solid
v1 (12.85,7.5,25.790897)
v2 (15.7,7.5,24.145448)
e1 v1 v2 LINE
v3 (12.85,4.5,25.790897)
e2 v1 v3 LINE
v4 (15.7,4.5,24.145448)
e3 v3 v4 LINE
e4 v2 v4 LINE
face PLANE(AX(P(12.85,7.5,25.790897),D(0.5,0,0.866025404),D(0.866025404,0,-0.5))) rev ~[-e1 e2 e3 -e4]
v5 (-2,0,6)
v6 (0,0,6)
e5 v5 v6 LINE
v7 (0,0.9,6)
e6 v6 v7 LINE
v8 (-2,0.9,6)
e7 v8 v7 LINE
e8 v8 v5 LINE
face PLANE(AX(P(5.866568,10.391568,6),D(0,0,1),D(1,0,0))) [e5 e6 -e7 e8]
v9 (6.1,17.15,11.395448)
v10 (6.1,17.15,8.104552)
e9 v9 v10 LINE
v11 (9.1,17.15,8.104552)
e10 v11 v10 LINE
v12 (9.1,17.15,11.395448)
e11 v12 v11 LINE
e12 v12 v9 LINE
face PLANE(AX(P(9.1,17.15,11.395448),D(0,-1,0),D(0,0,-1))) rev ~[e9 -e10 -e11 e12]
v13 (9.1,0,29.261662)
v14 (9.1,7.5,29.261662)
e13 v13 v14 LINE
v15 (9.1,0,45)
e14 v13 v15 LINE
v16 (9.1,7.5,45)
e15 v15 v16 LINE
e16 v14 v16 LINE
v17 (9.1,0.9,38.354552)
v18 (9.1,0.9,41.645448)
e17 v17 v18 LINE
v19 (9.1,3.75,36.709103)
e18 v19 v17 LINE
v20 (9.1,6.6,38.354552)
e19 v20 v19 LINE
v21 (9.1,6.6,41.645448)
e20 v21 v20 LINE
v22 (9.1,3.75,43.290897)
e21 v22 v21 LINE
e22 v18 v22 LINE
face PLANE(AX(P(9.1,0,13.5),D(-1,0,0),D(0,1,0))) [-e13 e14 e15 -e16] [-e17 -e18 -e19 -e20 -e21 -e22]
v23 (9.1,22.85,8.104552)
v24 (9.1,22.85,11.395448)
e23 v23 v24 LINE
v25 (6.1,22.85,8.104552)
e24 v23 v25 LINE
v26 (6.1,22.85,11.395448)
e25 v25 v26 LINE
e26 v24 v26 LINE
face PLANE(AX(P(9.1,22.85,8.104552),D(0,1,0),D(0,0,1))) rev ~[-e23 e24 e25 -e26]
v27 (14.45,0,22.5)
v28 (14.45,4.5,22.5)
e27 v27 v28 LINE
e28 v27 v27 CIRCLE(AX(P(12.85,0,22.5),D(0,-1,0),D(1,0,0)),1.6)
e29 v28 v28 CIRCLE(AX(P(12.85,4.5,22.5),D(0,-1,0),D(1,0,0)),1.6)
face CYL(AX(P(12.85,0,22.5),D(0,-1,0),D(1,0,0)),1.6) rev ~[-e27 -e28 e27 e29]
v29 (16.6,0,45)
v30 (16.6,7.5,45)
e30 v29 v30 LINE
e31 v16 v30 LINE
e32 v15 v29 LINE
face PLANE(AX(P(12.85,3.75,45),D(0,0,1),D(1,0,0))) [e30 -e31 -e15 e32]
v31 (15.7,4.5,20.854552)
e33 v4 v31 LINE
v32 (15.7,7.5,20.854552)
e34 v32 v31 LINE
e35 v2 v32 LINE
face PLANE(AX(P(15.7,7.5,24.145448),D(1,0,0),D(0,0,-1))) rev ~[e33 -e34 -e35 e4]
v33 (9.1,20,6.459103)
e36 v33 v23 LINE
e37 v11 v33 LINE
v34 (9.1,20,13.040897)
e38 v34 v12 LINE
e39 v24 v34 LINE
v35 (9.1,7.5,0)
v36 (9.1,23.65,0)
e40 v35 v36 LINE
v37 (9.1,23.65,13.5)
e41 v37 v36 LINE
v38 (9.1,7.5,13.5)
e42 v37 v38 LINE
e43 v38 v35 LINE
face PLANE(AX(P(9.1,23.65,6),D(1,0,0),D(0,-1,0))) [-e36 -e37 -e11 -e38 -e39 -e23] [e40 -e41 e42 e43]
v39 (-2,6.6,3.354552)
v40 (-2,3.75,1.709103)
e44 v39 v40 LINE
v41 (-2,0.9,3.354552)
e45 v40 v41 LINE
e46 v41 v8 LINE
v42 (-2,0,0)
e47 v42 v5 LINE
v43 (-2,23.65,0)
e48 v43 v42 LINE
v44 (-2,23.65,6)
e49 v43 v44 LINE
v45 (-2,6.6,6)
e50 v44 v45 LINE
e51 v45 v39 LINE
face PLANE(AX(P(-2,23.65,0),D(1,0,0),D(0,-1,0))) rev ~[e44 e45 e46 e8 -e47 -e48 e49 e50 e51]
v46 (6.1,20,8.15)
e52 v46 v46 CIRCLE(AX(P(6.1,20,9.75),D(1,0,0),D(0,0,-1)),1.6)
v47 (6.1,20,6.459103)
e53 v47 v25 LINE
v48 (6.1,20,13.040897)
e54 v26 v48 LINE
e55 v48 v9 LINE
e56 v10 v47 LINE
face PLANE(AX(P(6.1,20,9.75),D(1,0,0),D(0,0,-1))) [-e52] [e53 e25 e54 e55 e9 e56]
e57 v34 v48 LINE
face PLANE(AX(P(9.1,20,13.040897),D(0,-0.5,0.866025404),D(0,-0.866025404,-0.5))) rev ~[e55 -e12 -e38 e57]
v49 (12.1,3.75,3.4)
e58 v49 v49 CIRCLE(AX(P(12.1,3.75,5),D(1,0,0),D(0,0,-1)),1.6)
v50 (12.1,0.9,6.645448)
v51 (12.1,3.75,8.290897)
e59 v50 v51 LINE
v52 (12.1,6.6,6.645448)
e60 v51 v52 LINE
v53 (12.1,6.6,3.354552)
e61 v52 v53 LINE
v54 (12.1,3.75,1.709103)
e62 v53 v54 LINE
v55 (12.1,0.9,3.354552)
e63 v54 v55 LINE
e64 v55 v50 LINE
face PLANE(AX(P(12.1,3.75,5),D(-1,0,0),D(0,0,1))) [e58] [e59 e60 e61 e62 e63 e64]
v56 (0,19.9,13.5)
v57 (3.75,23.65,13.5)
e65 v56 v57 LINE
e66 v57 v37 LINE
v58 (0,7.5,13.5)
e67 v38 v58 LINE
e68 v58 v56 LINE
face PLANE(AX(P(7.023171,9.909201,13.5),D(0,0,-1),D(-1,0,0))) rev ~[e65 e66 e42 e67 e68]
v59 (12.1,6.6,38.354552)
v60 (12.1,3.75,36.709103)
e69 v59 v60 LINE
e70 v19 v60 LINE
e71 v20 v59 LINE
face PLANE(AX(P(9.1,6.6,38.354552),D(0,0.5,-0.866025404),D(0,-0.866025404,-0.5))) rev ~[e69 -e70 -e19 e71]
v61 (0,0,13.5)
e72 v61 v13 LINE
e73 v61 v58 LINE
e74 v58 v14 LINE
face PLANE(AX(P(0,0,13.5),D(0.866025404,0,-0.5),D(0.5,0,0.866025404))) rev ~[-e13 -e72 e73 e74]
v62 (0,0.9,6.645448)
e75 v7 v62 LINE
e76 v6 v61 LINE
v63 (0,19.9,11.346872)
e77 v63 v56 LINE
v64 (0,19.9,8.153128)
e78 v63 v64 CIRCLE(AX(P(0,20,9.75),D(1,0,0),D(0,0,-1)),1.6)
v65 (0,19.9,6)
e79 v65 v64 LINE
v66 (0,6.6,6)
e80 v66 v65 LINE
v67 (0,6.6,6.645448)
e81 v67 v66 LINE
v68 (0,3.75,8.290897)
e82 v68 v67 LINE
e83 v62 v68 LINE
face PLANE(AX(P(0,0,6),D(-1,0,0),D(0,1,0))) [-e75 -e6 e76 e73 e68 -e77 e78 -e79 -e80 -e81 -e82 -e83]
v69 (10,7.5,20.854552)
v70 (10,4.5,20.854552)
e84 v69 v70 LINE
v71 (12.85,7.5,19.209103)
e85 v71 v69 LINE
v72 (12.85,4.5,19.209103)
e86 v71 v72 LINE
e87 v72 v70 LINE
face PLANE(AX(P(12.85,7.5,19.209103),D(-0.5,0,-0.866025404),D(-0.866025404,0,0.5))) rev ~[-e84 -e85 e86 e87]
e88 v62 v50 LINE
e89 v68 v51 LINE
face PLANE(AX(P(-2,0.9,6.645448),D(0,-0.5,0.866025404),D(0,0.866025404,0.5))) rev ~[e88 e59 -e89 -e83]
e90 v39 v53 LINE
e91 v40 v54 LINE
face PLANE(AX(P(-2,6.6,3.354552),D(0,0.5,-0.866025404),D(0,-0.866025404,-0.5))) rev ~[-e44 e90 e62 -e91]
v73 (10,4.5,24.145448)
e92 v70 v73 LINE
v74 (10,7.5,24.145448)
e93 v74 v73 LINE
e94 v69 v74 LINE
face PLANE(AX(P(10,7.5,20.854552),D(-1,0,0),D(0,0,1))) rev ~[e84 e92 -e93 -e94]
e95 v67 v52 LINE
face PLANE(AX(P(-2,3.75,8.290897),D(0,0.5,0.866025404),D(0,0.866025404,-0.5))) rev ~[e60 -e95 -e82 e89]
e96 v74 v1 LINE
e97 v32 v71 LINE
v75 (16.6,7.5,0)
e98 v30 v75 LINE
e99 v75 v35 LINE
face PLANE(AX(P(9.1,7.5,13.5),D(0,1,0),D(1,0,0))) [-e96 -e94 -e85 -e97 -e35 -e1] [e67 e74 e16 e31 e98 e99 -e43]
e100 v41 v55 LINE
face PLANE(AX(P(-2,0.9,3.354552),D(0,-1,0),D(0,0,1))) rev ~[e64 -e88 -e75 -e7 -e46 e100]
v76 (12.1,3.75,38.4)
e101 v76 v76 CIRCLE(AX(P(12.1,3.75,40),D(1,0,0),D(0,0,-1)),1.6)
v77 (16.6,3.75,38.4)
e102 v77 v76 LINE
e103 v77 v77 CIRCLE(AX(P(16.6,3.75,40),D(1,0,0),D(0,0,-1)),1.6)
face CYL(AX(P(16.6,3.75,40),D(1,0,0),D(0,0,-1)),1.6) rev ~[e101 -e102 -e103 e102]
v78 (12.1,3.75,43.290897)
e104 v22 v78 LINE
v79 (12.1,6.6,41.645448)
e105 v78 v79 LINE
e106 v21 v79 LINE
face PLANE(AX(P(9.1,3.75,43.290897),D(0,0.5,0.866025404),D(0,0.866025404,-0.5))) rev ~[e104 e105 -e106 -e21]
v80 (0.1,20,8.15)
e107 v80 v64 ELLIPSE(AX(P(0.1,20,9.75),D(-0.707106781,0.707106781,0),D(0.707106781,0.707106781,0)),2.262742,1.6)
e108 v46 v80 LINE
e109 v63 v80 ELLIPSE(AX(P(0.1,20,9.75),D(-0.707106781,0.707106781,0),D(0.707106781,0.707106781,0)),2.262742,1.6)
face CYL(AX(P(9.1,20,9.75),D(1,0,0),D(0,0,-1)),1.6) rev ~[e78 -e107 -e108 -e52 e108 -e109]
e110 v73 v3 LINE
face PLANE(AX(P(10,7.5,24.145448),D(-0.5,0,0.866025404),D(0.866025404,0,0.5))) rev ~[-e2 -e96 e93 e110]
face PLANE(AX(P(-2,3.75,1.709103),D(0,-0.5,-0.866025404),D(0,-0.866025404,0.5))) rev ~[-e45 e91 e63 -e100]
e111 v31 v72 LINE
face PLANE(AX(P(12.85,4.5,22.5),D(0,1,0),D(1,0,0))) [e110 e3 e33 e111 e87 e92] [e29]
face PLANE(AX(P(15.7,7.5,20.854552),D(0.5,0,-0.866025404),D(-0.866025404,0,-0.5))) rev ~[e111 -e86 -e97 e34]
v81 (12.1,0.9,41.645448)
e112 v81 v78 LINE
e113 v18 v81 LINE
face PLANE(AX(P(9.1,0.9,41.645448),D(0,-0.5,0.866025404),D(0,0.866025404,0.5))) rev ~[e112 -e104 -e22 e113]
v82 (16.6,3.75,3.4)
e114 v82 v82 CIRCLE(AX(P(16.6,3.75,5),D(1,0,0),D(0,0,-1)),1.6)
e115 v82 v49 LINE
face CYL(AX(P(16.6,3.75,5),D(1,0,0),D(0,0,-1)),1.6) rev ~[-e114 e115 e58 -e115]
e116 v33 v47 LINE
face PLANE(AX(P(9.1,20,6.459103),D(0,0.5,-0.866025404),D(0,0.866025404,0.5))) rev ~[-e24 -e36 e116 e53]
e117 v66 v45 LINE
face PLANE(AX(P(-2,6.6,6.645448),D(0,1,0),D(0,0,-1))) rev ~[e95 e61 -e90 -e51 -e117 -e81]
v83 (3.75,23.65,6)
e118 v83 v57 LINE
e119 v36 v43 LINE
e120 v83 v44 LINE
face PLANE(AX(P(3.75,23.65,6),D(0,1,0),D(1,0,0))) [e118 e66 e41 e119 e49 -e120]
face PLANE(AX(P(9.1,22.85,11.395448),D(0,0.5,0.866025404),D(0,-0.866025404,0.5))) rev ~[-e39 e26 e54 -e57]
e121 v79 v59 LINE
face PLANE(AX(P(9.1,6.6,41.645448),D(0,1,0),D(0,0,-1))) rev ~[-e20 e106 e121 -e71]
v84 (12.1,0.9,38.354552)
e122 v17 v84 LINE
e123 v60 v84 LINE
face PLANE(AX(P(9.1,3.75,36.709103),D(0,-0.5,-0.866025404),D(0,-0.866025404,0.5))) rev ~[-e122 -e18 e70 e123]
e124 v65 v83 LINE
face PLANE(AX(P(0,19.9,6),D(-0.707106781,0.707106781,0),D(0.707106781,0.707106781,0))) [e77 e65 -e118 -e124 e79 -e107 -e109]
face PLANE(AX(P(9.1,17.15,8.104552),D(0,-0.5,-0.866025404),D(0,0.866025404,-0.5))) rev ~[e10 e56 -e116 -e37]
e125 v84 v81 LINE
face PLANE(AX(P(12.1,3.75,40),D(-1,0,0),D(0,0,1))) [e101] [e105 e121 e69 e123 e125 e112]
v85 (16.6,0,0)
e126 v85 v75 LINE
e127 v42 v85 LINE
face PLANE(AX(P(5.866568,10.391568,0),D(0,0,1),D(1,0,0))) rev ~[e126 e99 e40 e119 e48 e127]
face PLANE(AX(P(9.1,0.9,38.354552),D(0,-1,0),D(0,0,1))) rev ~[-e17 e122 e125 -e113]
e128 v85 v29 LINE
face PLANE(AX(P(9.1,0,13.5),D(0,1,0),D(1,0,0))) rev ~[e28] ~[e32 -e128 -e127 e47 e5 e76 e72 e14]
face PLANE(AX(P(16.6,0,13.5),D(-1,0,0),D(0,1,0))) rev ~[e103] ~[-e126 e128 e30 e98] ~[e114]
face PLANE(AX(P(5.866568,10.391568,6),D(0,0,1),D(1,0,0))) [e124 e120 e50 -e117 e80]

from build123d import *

# Parameters (mm, degrees)
SALIENTE_EXTRUIR1_DEPTH = 6
SALIENTE_EXTRUIR2_DEPTH = 7.5
SALIENTE_EXTRUIR3_DEPTH = 7.5
CROQUIS4_W              = 7.5
CROQUIS4_H              = 7.5
SALIENTE_EXTRUIR4_DEPTH = 31.5
CORTAR_EXTRUIR1_REACH   = 20.6
CROQUIS5_R              = 1.6
CORTAR_EXTRUIR2_DEPTH   = 14.1
CORTAR_EXTRUIR3_DEPTH   = 3
CORTAR_EXTRUIR4_REACH   = 25.65
CROQUIS8_R              = 1.6
CORTAR_EXTRUIR5_DEPTH   = 3
CORTAR_EXTRUIR6_REACH   = 13.1
CROQUIS10_R             = 1.6
CORTAR_EXTRUIR7_DEPTH   = 3


with BuildPart() as part:
    # Croquis1 → Saliente-Extruir1 (new body)
    with BuildSketch(Plane.XY):
        Polygon((0, 0), (16.6, 0), (16.6, 7.5), (9.1, 7.5), (9.1, 23.65), (3.75, 23.65), (-2, 23.65), (-2, 0), align=None)
    extrude(amount=SALIENTE_EXTRUIR1_DEPTH)

    # Croquis2 → Saliente-Extruir2 (add)
    with BuildSketch(Plane.XY.offset(6)):
        Polygon((0, 0), (0, 19.9), (3.75, 23.65), (9.1, 23.65), (9.1, 7.5), (16.6, 7.5), (16.6, 0), align=None)
    extrude(amount=SALIENTE_EXTRUIR2_DEPTH)

    # Croquis3 → Saliente-Extruir3 (add)
    with BuildSketch(Plane.XZ):
        Polygon((0, 13.5), (9.1, 29.261662349), (9.1, 13.5), align=None)
    extrude(amount=-SALIENTE_EXTRUIR3_DEPTH)

    # Croquis4 → Saliente-Extruir4 (add)
    with BuildSketch(Plane.XY.offset(13.5)):
        with Locations((12.85, 3.75)):
            Rectangle(CROQUIS4_W, CROQUIS4_H)
    extrude(amount=SALIENTE_EXTRUIR4_DEPTH)

    # Croquis5 → Cortar-Extruir1 (cut, up to next)
    with BuildSketch(Plane(origin=(16.6, 0, 0), x_dir=(0, 0, -1), z_dir=(1, 0, 0)), mode=Mode.PRIVATE) as cortar_extruir1_sk1:
        with Locations((-5, 3.75)):
            Circle(CROQUIS5_R)
    cortar_extruir1_tool1 = extrude(cortar_extruir1_sk1.sketch, amount=-CORTAR_EXTRUIR1_REACH, mode=Mode.PRIVATE) & part.part
    add(cortar_extruir1_tool1.solids().sort_by_distance((16.6, 3.75, 5))[0], mode=Mode.SUBTRACT)
    # Croquis5 → Cortar-Extruir1 (cut, up to next)
    with BuildSketch(Plane(origin=(16.6, 0, 0), x_dir=(0, 0, -1), z_dir=(1, 0, 0)), mode=Mode.PRIVATE) as cortar_extruir1_sk2:
        with Locations((-40, 3.75)):
            Circle(CROQUIS5_R)
    cortar_extruir1_tool2 = extrude(cortar_extruir1_sk2.sketch, amount=-CORTAR_EXTRUIR1_REACH, mode=Mode.PRIVATE) & part.part
    add(cortar_extruir1_tool2.solids().sort_by_distance((16.6, 3.75, 40))[0], mode=Mode.SUBTRACT)

    # Croquis6 → Cortar-Extruir2 (cut)
    with BuildSketch(Plane.ZY.offset(2)):
        Polygon((3.354551733, 0.9), (6.645448267, 0.9), (8.290896534, 3.75), (6.645448267, 6.6), (3.354551733, 6.6), (1.709103466, 3.75), align=None)
    extrude(amount=-CORTAR_EXTRUIR2_DEPTH, mode=Mode.SUBTRACT)

    # Croquis7 → Cortar-Extruir3 (cut)
    with BuildSketch(Plane.ZY.offset(-9.1)):
        Polygon((38.354551733, 0.9), (41.645448267, 0.9), (43.290896534, 3.75), (41.645448267, 6.6), (38.354551733, 6.6), (36.709103466, 3.75), align=None)
    extrude(amount=-CORTAR_EXTRUIR3_DEPTH, mode=Mode.SUBTRACT)

    # Croquis8 → Cortar-Extruir4 (cut, up to next)
    with BuildSketch(Plane.XZ, mode=Mode.PRIVATE) as cortar_extruir4_sk1:
        with Locations((12.85, 22.5)):
            Circle(CROQUIS8_R)
    cortar_extruir4_tool1 = extrude(cortar_extruir4_sk1.sketch, amount=-CORTAR_EXTRUIR4_REACH, mode=Mode.PRIVATE) & part.part
    add(cortar_extruir4_tool1.solids().sort_by_distance((12.85, 0, 22.5))[0], mode=Mode.SUBTRACT)

    # Croquis9 → Cortar-Extruir5 (cut)
    with BuildSketch(Plane(origin=(0, 7.5, 0), x_dir=(1, 0, 0), z_dir=(0, 1, 0))):
        Polygon((15.7, -20.854551733), (12.85, -19.209103466), (10, -20.854551733), (10, -24.145448267), (12.85, -25.790896534), (15.7, -24.145448267), align=None)
    extrude(amount=-CORTAR_EXTRUIR5_DEPTH, mode=Mode.SUBTRACT)

    # Croquis10 → Cortar-Extruir6 (cut, up to next)
    with BuildSketch(Plane(origin=(9.1, 0, 0), x_dir=(0, 0, -1), z_dir=(1, 0, 0)), mode=Mode.PRIVATE) as cortar_extruir6_sk1:
        with Locations((-9.75, 20)):
            Circle(CROQUIS10_R)
    cortar_extruir6_tool1 = extrude(cortar_extruir6_sk1.sketch, amount=-CORTAR_EXTRUIR6_REACH, mode=Mode.PRIVATE) & part.part
    add(cortar_extruir6_tool1.solids().sort_by_distance((9.1, 20, 9.75))[0], mode=Mode.SUBTRACT)

    # Croquis11 → Cortar-Extruir7 (cut)
    with BuildSketch(Plane(origin=(9.1, 0, 0), x_dir=(0, 0, -1), z_dir=(1, 0, 0))):
        Polygon((-8.104551733, 22.85), (-11.395448267, 22.85), (-13.040896534, 20), (-11.395448267, 17.15), (-8.104551733, 17.15), (-6.459103466, 20), align=None)
    extrude(amount=-CORTAR_EXTRUIR7_DEPTH, mode=Mode.SUBTRACT)


solid = part.part
